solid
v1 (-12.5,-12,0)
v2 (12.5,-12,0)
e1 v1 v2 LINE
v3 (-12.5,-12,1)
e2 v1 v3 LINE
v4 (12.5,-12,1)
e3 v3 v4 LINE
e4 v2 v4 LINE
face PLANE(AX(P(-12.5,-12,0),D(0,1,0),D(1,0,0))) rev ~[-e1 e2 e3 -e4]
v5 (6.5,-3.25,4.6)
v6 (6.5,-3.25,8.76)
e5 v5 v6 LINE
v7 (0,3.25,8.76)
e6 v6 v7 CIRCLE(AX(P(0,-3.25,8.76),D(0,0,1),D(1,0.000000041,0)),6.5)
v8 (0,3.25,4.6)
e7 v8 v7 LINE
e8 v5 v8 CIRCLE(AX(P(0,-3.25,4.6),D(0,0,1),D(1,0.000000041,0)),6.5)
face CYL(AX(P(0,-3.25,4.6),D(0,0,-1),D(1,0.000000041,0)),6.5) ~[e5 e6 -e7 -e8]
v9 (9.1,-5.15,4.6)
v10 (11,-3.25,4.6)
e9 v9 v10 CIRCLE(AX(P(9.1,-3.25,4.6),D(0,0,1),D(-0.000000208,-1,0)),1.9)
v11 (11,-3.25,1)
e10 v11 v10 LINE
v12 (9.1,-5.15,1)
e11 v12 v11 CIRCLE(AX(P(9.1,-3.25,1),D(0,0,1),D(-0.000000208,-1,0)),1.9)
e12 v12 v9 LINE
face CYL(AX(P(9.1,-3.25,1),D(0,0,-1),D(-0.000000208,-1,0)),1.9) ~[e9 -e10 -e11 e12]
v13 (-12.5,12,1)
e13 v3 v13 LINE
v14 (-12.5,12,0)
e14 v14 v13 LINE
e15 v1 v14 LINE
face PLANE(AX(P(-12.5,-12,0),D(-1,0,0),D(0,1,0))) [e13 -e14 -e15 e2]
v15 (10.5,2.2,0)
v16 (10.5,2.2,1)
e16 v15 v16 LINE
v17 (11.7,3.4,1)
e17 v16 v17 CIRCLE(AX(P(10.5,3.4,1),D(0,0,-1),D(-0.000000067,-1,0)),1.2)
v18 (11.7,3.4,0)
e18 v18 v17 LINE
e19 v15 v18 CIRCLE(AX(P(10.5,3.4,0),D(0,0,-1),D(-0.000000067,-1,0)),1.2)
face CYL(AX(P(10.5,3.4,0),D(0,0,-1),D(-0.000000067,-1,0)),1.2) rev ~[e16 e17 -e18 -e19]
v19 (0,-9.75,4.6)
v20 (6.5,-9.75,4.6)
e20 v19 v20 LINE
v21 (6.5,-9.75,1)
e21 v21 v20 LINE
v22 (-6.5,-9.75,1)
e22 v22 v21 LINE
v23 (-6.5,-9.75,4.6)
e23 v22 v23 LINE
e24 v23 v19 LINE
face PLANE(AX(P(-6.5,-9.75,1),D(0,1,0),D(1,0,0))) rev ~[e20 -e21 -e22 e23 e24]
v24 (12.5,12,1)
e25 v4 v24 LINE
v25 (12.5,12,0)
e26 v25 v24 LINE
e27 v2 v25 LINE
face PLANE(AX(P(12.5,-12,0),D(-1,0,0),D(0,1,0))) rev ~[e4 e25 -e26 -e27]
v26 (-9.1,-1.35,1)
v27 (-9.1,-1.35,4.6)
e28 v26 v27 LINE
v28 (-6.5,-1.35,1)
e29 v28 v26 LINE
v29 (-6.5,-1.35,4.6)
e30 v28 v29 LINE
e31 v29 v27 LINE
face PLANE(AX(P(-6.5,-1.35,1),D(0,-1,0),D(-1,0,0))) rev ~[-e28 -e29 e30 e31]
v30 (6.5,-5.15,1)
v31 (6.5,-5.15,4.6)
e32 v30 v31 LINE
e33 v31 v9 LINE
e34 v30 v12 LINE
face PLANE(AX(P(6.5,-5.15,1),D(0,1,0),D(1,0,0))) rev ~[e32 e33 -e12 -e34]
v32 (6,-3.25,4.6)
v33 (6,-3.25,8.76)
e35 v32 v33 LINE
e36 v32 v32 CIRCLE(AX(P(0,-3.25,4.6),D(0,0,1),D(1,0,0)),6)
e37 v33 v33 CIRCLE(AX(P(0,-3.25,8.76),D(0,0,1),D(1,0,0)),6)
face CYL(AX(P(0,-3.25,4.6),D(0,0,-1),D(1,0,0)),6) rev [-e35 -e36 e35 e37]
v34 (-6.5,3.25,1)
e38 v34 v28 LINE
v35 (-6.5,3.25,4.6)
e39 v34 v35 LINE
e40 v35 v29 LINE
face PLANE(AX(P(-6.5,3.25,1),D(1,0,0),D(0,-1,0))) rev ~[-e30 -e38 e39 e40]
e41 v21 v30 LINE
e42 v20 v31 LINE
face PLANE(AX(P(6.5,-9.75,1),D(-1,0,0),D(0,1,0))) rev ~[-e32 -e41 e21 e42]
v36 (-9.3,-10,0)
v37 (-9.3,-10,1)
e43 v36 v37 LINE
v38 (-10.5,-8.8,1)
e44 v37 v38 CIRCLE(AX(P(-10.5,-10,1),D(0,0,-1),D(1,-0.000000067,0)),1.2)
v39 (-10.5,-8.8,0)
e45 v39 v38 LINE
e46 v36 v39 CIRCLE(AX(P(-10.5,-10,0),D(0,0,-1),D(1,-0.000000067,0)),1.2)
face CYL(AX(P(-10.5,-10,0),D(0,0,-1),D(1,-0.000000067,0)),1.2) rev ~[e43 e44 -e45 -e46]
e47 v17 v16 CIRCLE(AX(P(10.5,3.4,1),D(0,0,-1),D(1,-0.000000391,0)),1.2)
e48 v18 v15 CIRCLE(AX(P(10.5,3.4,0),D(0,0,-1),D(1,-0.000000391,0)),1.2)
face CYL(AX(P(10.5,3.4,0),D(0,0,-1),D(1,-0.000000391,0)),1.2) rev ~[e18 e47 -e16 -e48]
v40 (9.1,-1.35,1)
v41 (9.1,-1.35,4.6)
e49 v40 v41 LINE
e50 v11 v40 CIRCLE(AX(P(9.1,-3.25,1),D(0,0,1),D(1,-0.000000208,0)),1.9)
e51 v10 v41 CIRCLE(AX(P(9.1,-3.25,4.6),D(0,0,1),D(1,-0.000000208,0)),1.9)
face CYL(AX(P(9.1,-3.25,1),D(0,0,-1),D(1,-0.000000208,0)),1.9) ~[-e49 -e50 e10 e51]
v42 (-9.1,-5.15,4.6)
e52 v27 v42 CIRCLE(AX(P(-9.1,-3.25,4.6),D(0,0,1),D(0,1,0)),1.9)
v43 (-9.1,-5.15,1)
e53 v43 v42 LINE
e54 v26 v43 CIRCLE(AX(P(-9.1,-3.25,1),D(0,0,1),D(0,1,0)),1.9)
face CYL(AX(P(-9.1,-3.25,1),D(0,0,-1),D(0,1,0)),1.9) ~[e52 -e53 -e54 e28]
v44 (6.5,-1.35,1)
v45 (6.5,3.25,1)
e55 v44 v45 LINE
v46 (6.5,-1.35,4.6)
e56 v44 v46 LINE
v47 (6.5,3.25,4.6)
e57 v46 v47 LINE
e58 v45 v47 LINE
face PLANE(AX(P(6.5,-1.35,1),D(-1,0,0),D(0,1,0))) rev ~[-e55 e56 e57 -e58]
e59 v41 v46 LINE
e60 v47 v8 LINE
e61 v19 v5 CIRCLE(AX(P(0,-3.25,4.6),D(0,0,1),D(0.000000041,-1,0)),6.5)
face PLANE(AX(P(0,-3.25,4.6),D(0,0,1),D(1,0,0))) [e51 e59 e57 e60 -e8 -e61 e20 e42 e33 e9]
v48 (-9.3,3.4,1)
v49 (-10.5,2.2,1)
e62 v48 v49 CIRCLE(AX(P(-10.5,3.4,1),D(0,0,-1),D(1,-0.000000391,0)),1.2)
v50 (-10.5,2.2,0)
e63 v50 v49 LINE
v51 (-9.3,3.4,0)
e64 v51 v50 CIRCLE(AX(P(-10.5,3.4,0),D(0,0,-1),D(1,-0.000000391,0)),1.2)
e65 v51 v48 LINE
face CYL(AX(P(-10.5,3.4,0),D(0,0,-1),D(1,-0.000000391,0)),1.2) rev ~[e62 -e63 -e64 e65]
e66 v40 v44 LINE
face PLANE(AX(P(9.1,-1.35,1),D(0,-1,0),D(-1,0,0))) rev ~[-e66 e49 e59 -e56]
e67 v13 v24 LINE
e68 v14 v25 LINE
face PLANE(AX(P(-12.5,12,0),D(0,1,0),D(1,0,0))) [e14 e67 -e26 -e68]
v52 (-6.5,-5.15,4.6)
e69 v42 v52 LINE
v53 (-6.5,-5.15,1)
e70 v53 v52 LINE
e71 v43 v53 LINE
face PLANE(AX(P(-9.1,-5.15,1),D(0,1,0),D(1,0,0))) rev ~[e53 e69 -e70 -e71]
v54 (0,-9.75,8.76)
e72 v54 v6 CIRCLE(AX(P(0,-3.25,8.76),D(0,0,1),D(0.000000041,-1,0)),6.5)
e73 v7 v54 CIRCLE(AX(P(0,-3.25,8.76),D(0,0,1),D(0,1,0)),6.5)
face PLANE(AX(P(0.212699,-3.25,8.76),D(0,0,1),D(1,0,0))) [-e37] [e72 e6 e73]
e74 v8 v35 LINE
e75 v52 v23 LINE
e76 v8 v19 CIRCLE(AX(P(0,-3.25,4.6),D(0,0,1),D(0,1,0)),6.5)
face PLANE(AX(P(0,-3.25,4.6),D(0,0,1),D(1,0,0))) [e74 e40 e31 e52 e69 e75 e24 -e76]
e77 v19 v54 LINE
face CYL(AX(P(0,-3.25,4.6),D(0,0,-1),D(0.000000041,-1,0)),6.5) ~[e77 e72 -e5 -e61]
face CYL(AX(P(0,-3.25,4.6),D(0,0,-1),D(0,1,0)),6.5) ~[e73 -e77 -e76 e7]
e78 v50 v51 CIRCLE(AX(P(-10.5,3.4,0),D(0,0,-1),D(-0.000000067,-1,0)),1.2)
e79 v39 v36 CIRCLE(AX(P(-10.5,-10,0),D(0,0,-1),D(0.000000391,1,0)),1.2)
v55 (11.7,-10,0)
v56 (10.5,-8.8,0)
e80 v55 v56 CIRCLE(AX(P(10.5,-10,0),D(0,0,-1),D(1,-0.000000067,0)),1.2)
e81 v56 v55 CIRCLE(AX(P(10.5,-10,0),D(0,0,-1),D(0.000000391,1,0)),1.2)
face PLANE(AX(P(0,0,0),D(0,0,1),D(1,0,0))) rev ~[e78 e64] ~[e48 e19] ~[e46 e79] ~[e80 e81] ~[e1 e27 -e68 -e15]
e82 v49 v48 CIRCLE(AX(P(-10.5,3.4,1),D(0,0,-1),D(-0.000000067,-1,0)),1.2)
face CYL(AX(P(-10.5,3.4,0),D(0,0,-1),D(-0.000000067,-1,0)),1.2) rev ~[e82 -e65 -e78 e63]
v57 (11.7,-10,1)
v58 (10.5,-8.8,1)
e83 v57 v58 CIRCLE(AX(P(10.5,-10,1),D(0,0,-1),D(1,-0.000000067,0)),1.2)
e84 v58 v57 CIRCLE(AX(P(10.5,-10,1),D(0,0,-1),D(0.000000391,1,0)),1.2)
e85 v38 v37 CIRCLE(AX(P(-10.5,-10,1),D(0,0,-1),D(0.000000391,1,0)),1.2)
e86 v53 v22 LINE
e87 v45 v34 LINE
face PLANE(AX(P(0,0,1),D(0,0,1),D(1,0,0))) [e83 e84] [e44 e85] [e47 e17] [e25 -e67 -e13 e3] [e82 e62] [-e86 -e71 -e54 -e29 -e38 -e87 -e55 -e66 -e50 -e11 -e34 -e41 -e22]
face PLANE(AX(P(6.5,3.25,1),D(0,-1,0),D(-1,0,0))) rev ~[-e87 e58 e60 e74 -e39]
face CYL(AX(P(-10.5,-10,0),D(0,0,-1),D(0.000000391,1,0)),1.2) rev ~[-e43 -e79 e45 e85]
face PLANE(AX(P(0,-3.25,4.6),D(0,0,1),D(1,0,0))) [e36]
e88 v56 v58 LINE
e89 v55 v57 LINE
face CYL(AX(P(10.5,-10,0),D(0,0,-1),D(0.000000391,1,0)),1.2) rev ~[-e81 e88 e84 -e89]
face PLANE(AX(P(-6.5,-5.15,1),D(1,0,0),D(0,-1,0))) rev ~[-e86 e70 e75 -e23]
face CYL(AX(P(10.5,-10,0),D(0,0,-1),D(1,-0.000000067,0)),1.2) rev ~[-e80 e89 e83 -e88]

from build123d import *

# Parameters (mm, degrees)
F0_W     = 25
F0_H     = 24
F1_DEPTH = 1
F3_DEPTH = 3.6
F4_R     = 6
F5_DEPTH = 4.16


with BuildPart() as f1:
    # F0 (on Top) → F1 (new body)
    with BuildSketch(Plane.XY):
        Rectangle(F0_W, F0_H)
        with BuildLine():
            ThreePointArc((-9.3, -10), (-11.348528, -10.848528), (-10.5, -8.8))
            ThreePointArc((-10.5, -8.8), (-9.651472, -9.151472), (-9.3, -10))
        make_face(mode=Mode.SUBTRACT)
        with BuildLine():
            ThreePointArc((10.5, -8.8), (11.348528, -9.151472), (11.7, -10))
            ThreePointArc((11.7, -10), (9.651472, -10.848528), (10.5, -8.8))
        make_face(mode=Mode.SUBTRACT)
        with BuildLine():
            ThreePointArc((-10.5, 2.2), (-11.348528, 4.248528), (-9.3, 3.4))
            ThreePointArc((-9.3, 3.4), (-9.651472, 2.551472), (-10.5, 2.2))
        make_face(mode=Mode.SUBTRACT)
        with BuildLine():
            ThreePointArc((11.7, 3.4), (11.348528, 2.551472), (10.5, 2.2))
            ThreePointArc((10.5, 2.2), (9.651472, 4.248528), (11.7, 3.4))
        make_face(mode=Mode.SUBTRACT)
    extrude(amount=F1_DEPTH)

    # F2 (on face) → F3 (join)
    with BuildSketch(Plane.XY.offset(1)):
        Polygon((6.5, 3.25), (-6.5, 3.25), (-6.5, -1.35), (-6.5, -5.15), (-6.5, -9.75), (6.5, -9.75), (6.5, -5.15), (6.5, -1.35), align=None)
        with BuildLine():
            Line((-6.5, -5.15), (-6.5, -1.35))
            Line((-6.5, -1.35), (-9.1, -1.35))
            ThreePointArc((-9.1, -1.35), (-7.756497, -1.906497), (-7.2, -3.25))
            ThreePointArc((-7.2, -3.25), (-7.756497, -4.593503), (-9.1, -5.15))
            Line((-9.1, -5.15), (-6.5, -5.15))
        make_face()
        with BuildLine():
            ThreePointArc((-7.2, -3.25), (-7.756497, -1.906497), (-9.1, -1.35))
            ThreePointArc((-9.1, -1.35), (-11, -3.25), (-9.1, -5.15))
            ThreePointArc((-9.1, -5.15), (-7.756497, -4.593503), (-7.2, -3.25))
        make_face()
        with BuildLine():
            Line((9.1, -1.35), (6.5, -1.35))
            Line((6.5, -1.35), (6.5, -5.15))
            Line((6.5, -5.15), (9.1, -5.15))
            ThreePointArc((9.1, -5.15), (7.2, -3.25), (9.1, -1.35))
        make_face()
        with BuildLine():
            ThreePointArc((11, -3.25), (10.443503, -1.906497), (9.1, -1.35))
            ThreePointArc((9.1, -1.35), (7.2, -3.25), (9.1, -5.15))
            ThreePointArc((9.1, -5.15), (10.443503, -4.593503), (11, -3.25))
        make_face()
    extrude(amount=F3_DEPTH)

    # F4 (on face) → F5 (join)
    with BuildSketch(Plane.XY.offset(4.6)):
        with BuildLine():
            ThreePointArc((0, -9.75), (4.596194, -7.846194), (6.5, -3.25))
            ThreePointArc((6.5, -3.25), (4.596194, 1.346194), (0, 3.25))
            ThreePointArc((0, 3.25), (-6.5, -3.25), (0, -9.75))
        make_face()
        with Locations((0, -3.25)):
            Circle(F4_R, mode=Mode.SUBTRACT)
    extrude(amount=F5_DEPTH)


solid = f1.part
